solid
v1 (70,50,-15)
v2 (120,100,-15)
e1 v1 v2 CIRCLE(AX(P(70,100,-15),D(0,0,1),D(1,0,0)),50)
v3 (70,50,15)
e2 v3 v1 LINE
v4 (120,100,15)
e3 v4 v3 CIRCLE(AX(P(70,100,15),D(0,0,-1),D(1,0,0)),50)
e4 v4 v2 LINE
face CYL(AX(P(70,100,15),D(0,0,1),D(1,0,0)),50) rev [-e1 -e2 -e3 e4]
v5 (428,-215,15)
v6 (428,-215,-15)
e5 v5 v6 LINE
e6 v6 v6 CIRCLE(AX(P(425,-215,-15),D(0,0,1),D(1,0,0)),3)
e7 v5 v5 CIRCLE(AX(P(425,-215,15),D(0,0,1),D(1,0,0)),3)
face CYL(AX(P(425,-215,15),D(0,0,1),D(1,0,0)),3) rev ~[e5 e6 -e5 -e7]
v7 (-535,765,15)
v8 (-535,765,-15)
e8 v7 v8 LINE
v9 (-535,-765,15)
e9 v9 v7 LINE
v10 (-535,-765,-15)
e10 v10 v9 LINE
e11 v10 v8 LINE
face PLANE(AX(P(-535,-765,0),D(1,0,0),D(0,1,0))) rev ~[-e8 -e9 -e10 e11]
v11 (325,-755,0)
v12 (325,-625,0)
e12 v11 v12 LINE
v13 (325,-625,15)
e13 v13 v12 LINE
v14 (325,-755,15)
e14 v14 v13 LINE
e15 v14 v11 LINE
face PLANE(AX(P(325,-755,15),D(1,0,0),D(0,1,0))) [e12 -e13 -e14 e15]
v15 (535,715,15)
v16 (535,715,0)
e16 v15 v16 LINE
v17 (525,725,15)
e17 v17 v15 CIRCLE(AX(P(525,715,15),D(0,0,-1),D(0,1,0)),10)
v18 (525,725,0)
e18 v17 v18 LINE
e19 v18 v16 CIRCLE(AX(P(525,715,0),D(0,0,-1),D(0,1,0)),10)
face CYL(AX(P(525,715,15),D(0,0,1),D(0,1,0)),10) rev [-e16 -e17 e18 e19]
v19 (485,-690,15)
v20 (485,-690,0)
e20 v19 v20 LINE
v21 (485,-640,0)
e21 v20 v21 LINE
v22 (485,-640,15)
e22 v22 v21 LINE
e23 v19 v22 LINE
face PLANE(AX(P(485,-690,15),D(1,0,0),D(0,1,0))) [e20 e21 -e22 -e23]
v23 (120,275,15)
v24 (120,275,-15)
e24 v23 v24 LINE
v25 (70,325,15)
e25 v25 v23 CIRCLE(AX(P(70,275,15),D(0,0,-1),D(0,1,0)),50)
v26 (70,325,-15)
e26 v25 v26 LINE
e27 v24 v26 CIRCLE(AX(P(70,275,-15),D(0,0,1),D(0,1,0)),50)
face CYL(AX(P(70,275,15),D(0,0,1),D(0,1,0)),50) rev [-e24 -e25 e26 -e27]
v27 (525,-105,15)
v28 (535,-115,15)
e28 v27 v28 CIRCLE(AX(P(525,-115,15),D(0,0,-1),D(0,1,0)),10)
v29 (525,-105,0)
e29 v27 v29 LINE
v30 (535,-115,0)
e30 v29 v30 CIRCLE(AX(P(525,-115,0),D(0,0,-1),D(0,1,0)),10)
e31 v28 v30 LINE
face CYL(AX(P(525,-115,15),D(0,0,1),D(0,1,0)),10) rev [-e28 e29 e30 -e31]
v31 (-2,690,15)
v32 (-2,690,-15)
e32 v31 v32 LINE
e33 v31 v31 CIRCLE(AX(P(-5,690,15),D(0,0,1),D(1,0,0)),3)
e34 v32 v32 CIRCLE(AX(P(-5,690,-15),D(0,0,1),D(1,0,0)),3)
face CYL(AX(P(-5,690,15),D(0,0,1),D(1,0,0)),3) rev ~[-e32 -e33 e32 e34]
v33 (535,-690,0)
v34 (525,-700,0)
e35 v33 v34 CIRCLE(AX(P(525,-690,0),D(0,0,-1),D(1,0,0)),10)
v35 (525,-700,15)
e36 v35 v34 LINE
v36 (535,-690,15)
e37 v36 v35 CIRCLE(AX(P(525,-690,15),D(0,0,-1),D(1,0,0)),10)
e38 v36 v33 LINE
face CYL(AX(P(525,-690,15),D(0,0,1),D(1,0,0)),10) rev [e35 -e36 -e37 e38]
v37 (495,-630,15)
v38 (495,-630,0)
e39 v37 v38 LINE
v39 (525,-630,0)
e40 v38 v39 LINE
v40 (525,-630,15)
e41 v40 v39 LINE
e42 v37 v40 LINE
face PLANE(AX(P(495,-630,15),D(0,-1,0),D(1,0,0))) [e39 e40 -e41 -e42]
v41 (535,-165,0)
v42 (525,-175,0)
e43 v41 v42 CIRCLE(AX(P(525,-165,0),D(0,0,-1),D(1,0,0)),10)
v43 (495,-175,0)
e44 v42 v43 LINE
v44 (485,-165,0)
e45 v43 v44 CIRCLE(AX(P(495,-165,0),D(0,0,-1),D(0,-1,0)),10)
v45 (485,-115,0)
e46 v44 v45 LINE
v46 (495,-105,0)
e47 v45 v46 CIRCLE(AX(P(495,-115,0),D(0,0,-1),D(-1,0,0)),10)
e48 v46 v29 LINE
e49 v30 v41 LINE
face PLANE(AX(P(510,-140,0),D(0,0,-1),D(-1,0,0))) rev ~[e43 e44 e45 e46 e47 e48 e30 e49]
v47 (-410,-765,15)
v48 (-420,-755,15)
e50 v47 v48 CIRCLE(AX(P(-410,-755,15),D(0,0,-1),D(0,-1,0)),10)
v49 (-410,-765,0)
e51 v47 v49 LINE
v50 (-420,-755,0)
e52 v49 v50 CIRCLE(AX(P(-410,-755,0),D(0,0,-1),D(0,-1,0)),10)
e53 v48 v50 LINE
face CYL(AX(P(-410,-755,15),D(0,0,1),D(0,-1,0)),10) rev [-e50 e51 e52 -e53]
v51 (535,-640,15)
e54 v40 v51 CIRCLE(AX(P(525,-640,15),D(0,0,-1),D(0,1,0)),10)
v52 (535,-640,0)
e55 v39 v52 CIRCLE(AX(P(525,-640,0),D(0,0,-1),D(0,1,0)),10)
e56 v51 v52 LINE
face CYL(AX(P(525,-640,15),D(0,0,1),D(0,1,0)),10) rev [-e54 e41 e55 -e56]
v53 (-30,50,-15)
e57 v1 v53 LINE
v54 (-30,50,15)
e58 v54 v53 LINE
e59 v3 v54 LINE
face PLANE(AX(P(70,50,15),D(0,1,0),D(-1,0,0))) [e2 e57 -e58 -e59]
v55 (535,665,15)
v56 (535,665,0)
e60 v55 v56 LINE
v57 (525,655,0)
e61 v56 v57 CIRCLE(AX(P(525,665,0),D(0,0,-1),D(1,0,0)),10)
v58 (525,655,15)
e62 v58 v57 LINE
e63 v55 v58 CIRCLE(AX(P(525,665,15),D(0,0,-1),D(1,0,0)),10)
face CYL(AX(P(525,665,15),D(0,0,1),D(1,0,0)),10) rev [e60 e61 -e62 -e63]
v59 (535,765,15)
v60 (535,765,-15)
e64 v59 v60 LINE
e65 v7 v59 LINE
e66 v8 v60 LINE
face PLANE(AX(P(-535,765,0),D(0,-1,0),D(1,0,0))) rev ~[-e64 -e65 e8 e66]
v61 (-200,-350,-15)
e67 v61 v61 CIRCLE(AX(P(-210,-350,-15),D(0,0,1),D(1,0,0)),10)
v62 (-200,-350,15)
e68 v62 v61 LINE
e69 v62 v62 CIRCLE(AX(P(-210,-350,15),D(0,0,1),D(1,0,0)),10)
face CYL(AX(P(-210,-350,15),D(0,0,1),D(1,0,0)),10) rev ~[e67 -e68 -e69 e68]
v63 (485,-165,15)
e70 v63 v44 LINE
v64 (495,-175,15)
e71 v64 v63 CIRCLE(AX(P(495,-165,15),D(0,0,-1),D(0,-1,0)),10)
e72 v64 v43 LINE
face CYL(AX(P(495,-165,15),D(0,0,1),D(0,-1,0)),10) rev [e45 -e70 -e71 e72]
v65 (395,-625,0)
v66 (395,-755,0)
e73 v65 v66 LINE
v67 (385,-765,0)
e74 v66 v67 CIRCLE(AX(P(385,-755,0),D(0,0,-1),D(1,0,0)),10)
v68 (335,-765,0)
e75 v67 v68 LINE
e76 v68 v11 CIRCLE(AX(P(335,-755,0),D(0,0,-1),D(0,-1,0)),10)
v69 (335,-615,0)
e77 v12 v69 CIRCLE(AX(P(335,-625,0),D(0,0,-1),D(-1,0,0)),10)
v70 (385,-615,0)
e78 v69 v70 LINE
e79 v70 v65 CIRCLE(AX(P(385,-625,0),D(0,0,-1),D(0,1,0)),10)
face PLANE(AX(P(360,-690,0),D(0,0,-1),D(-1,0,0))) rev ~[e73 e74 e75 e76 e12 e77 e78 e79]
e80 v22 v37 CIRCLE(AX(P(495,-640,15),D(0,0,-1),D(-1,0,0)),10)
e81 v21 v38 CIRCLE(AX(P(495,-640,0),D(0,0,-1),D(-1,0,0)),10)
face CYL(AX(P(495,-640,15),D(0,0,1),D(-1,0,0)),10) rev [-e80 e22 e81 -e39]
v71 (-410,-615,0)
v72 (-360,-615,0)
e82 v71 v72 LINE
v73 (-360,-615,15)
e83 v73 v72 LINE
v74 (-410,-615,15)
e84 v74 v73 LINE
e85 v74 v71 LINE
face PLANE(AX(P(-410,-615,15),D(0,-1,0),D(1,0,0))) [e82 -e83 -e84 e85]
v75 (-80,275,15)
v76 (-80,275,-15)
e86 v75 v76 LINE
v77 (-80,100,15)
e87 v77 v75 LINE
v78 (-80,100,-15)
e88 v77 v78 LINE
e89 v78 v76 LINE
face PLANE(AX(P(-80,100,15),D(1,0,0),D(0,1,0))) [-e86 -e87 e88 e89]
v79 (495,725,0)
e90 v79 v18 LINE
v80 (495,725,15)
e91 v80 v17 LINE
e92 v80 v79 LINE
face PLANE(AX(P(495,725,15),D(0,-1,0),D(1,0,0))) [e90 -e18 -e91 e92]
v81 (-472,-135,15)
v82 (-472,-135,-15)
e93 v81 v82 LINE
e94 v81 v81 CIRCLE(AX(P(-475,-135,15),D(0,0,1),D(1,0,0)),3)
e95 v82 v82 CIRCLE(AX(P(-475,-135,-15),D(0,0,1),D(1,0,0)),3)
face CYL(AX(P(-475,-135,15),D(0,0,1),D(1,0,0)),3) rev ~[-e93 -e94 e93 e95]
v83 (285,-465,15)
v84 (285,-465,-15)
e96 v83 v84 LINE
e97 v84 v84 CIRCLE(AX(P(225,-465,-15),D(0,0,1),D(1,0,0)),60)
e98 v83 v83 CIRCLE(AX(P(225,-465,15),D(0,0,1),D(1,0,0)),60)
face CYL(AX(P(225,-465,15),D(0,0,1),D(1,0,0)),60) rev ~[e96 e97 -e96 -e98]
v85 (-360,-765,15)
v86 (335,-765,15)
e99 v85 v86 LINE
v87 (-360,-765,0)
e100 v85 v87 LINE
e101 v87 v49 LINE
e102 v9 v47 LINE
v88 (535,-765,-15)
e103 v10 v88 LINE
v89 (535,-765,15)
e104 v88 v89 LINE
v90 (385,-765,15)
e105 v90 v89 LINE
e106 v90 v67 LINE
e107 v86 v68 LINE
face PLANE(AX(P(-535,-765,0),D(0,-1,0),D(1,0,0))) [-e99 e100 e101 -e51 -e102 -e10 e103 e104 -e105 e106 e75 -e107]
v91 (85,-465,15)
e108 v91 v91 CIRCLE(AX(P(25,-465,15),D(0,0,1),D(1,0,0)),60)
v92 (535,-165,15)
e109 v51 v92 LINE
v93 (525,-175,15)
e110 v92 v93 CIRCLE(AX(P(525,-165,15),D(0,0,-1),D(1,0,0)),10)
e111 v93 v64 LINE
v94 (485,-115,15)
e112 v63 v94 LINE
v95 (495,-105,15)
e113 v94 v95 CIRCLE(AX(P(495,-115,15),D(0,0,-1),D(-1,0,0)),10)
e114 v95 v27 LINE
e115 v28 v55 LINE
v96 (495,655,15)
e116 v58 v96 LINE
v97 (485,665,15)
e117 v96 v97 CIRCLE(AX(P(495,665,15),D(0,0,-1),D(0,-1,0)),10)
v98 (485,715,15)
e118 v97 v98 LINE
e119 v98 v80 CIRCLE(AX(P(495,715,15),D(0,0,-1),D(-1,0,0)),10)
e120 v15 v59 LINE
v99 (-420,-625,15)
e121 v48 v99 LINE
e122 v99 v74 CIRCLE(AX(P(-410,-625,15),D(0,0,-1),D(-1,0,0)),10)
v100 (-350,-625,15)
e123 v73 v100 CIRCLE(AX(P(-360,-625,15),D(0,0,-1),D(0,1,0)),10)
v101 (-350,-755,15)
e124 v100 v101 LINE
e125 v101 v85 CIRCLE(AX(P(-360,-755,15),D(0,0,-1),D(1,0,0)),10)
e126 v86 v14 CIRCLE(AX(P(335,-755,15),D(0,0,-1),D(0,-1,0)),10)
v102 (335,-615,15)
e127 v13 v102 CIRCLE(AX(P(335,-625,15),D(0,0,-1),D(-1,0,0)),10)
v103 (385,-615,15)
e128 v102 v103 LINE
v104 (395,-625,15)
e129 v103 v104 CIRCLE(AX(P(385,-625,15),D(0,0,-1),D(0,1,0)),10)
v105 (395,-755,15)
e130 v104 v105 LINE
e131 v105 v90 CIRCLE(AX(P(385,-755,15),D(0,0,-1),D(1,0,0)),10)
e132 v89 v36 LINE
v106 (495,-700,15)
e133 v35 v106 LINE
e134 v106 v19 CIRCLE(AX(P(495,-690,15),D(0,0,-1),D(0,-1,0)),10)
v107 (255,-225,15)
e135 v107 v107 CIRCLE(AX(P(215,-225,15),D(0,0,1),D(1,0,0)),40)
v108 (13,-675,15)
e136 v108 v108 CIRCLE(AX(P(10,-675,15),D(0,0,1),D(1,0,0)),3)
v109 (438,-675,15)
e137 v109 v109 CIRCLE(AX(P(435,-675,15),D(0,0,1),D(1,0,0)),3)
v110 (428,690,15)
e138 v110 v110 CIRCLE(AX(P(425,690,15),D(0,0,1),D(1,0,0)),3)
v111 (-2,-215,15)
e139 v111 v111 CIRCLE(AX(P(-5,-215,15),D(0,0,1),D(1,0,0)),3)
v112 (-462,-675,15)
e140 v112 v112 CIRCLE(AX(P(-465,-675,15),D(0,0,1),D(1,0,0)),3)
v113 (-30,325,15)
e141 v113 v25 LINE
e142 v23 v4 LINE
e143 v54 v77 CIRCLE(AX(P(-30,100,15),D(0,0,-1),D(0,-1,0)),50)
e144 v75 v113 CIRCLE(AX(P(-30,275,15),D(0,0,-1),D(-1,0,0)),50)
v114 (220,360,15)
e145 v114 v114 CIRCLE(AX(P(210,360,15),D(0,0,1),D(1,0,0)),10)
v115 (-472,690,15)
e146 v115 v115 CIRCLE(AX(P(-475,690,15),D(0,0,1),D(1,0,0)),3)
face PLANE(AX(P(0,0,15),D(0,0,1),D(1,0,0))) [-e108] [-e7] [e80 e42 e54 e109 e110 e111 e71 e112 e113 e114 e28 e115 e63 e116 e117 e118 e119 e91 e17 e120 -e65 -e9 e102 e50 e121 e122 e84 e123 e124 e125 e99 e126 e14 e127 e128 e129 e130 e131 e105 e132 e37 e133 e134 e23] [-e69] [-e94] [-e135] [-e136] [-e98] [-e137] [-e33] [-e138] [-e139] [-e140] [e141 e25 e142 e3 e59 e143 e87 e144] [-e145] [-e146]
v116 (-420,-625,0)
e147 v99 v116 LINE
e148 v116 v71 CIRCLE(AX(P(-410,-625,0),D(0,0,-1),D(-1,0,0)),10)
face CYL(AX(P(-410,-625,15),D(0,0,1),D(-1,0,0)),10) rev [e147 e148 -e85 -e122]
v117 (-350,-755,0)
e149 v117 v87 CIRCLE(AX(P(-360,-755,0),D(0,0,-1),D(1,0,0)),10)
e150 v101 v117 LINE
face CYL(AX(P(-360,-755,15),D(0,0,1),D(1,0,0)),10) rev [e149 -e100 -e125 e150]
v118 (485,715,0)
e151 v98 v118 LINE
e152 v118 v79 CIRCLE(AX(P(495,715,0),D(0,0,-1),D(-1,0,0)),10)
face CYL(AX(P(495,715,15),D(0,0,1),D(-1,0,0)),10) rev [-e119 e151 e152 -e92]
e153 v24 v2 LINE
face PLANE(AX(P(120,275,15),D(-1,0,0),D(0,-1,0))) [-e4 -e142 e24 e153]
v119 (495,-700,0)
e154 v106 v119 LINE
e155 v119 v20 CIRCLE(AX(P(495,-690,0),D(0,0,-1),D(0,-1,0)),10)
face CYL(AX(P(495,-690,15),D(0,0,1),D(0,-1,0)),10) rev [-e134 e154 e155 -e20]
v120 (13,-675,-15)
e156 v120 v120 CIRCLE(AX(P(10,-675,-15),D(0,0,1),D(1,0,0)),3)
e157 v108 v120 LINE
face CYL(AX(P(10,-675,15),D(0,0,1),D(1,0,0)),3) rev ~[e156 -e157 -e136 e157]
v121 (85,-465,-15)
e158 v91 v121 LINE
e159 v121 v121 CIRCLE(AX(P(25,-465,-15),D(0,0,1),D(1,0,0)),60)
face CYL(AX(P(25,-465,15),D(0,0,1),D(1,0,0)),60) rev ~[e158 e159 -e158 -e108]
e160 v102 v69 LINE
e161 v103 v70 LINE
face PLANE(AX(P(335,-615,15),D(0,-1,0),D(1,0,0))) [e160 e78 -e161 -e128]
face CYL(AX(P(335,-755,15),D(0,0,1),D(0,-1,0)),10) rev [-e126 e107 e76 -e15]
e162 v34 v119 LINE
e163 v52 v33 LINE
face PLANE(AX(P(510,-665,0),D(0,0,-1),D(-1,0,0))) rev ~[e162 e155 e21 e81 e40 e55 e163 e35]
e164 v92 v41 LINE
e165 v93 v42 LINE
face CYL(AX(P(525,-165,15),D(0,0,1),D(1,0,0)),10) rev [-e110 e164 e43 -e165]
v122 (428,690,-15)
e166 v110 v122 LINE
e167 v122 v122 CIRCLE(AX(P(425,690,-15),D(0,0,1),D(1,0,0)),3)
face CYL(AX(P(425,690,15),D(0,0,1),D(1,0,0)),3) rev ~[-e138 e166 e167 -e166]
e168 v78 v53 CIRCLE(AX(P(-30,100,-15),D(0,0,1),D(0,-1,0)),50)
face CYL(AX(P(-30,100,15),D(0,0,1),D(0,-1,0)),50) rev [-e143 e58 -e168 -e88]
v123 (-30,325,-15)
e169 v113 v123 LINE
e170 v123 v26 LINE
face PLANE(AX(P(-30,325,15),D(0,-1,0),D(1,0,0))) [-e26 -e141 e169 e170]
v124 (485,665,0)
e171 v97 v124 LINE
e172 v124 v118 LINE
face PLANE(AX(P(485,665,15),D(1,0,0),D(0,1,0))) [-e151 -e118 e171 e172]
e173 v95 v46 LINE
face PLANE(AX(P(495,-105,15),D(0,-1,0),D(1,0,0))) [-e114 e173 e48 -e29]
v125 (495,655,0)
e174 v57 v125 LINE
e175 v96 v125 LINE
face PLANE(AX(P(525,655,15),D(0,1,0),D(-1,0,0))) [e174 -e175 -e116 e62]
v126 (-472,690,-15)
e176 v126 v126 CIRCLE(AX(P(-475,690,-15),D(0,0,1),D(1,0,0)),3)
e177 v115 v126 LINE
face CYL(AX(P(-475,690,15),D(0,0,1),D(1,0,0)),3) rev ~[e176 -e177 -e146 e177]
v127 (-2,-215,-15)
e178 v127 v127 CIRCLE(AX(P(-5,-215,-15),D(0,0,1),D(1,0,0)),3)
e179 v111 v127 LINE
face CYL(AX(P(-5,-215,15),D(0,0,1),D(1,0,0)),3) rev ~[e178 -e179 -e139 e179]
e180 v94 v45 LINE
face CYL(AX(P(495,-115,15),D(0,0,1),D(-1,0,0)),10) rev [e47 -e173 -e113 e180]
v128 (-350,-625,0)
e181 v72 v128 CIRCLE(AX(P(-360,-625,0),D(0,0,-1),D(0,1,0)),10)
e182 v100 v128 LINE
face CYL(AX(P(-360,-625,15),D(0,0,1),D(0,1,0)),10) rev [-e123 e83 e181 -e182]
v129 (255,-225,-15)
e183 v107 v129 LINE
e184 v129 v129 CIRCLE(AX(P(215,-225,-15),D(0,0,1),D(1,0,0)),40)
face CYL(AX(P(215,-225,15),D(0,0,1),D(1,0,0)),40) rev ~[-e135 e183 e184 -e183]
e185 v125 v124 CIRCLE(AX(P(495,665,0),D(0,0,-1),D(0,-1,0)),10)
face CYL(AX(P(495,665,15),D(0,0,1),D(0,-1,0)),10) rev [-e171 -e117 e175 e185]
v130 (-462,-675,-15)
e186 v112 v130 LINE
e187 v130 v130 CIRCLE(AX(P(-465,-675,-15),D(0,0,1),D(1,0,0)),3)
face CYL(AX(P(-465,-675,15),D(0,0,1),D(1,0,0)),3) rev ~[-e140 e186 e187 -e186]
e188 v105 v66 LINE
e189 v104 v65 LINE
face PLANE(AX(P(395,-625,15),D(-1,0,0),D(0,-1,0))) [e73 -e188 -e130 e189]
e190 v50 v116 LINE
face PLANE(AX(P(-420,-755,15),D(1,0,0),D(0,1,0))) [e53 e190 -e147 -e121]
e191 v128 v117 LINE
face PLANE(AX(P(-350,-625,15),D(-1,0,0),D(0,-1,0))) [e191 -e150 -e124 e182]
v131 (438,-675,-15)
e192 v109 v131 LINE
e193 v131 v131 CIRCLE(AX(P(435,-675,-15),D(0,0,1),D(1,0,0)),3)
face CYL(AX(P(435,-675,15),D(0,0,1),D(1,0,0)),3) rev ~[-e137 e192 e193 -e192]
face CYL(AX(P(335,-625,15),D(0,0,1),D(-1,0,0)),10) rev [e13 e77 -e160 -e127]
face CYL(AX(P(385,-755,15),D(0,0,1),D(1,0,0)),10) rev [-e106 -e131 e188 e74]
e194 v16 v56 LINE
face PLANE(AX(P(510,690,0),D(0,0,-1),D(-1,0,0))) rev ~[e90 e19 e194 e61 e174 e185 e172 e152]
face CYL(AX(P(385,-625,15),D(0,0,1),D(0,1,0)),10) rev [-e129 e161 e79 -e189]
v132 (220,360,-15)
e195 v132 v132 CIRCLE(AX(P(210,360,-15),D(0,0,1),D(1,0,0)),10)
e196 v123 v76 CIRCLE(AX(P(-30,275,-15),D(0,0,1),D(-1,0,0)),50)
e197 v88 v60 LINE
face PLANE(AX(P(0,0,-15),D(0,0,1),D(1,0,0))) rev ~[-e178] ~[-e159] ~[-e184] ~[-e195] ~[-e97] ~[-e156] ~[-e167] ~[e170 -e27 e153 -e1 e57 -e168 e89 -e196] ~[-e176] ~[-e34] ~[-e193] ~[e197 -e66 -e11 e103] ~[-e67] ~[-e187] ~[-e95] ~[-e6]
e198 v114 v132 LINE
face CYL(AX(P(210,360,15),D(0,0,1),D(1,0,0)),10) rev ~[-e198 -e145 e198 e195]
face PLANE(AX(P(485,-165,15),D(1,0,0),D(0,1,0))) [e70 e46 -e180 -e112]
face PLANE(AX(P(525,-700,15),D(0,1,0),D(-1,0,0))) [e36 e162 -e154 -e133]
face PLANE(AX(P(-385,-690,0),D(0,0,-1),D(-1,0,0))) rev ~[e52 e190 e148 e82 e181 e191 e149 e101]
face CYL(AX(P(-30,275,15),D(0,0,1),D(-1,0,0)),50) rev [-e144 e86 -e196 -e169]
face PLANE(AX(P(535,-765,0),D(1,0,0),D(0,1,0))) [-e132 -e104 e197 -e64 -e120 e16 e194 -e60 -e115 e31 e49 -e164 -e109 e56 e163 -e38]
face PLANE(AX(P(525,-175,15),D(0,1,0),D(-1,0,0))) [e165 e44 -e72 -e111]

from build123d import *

# Parameters (mm, degrees)
SKETCH_1_W          = 1070
SKETCH_1_H          = 1530
EXTRUDE_1_DEPTH     = 15
SKETCH_2_R          = 40
SKETCH_2_R_2        = 60
SKETCH_2_R_3        = 10
CUT_EXTRUDE_1_DEPTH = 934.996788003
CUT_EXTRUDE_2_DEPTH = 15
SKETCH_5_R          = 3
CUT_EXTRUDE_3_DEPTH = 934.996788003


with BuildPart() as part:
    # Эскиз1 → Бобышка-Вытянуть1 (new, symmetric)
    with BuildSketch(Plane.XY):
        Rectangle(SKETCH_1_W, SKETCH_1_H)
    extrude(amount=EXTRUDE_1_DEPTH, both=True)

    # Эскиз2 → Вырез-Вытянуть1 (cut, through all)
    with BuildSketch(Plane.XY.offset(15)):
        with Locations((215, -225)):
            Circle(SKETCH_2_R)
        with Locations((225, -465)):
            Circle(SKETCH_2_R_2)
        with Locations((25, -465)):
            Circle(SKETCH_2_R_2)
        with Locations((210, 360)):
            Circle(SKETCH_2_R_3)
        with Locations((-210, -350)):
            Circle(SKETCH_2_R_3)
        with BuildLine():
            Line((-30, 325), (70, 325))
            ThreePointArc((70, 325), (105.355339059, 310.355339059), (120, 275))
            Line((120, 275), (120, 100))
            ThreePointArc((120, 100), (105.355339059, 64.644660941), (70, 50))
            Line((70, 50), (-30, 50))
            ThreePointArc((-30, 50), (-65.355339059, 64.644660941), (-80, 100))
            Line((-80, 100), (-80, 275))
            ThreePointArc((-80, 275), (-65.355339059, 310.355339059), (-30, 325))
        make_face()
    extrude(amount=-CUT_EXTRUDE_1_DEPTH, mode=Mode.SUBTRACT)

    # Эскиз4 → Вырез-Вытянуть2 (cut)
    with BuildSketch(Plane.XY.offset(15)):
        with BuildLine():
            Line((495, -105), (525, -105))
            ThreePointArc((525, -105), (532.071067812, -107.928932188), (535, -115))
            Line((535, -115), (535, -165))
            ThreePointArc((535, -165), (532.071067812, -172.071067812), (525, -175))
            Line((525, -175), (495, -175))
            ThreePointArc((495, -175), (487.928932188, -172.071067812), (485, -165))
            Line((485, -165), (485, -115))
            ThreePointArc((485, -115), (487.928932188, -107.928932188), (495, -105))
        make_face()
        with BuildLine():
            Line((495, -630), (525, -630))
            ThreePointArc((525, -630), (532.071067812, -632.928932188), (535, -640))
            Line((535, -640), (535, -690))
            ThreePointArc((535, -690), (532.071067812, -697.071067812), (525, -700))
            Line((525, -700), (495, -700))
            ThreePointArc((495, -700), (487.928932188, -697.071067812), (485, -690))
            Line((485, -690), (485, -640))
            ThreePointArc((485, -640), (487.928932188, -632.928932188), (495, -630))
        make_face()
        with BuildLine():
            Line((-410, -615), (-360, -615))
            ThreePointArc((-360, -615), (-352.928932188, -617.928932188), (-350, -625))
            Line((-350, -625), (-350, -755))
            ThreePointArc((-350, -755), (-352.928932188, -762.071067812), (-360, -765))
            Line((-360, -765), (-410, -765))
            ThreePointArc((-410, -765), (-417.071067812, -762.071067812), (-420, -755))
            Line((-420, -755), (-420, -625))
            ThreePointArc((-420, -625), (-417.071067812, -617.928932188), (-410, -615))
        make_face()
        with BuildLine():
            Line((495, 725), (525, 725))
            ThreePointArc((525, 725), (532.071067812, 722.071067812), (535, 715))
            Line((535, 715), (535, 665))
            ThreePointArc((535, 665), (532.071067812, 657.928932188), (525, 655))
            Line((525, 655), (495, 655))
            ThreePointArc((495, 655), (487.928932188, 657.928932188), (485, 665))
            Line((485, 665), (485, 715))
            ThreePointArc((485, 715), (487.928932188, 722.071067812), (495, 725))
        make_face()
        with BuildLine():
            Line((335, -615), (385, -615))
            ThreePointArc((385, -615), (392.071067812, -617.928932188), (395, -625))
            Line((395, -625), (395, -755))
            ThreePointArc((395, -755), (392.071067812, -762.071067812), (385, -765))
            Line((385, -765), (335, -765))
            ThreePointArc((335, -765), (327.928932188, -762.071067812), (325, -755))
            Line((325, -755), (325, -625))
            ThreePointArc((325, -625), (327.928932188, -617.928932188), (335, -615))
        make_face()
    extrude(amount=-CUT_EXTRUDE_2_DEPTH, mode=Mode.SUBTRACT)

    # Эскиз5 → Вырез-Вытянуть3 (cut, through all)
    with BuildSketch(Plane.XY.offset(15)):
        with Locations((-475, 690)):
            Circle(SKETCH_5_R)
        with Locations((-5, 690)):
            Circle(SKETCH_5_R)
        with Locations((425, 690)):
            Circle(SKETCH_5_R)
        with Locations((-475, -135)):
            Circle(SKETCH_5_R)
        with Locations((-5, -215)):
            Circle(SKETCH_5_R)
        with Locations((425, -215)):
            Circle(SKETCH_5_R)
        with Locations((-465, -675)):
            Circle(SKETCH_5_R)
        with Locations((10, -675)):
            Circle(SKETCH_5_R)
        with Locations((435, -675)):
            Circle(SKETCH_5_R)
    extrude(amount=-CUT_EXTRUDE_3_DEPTH, mode=Mode.SUBTRACT)


solid = part.part
